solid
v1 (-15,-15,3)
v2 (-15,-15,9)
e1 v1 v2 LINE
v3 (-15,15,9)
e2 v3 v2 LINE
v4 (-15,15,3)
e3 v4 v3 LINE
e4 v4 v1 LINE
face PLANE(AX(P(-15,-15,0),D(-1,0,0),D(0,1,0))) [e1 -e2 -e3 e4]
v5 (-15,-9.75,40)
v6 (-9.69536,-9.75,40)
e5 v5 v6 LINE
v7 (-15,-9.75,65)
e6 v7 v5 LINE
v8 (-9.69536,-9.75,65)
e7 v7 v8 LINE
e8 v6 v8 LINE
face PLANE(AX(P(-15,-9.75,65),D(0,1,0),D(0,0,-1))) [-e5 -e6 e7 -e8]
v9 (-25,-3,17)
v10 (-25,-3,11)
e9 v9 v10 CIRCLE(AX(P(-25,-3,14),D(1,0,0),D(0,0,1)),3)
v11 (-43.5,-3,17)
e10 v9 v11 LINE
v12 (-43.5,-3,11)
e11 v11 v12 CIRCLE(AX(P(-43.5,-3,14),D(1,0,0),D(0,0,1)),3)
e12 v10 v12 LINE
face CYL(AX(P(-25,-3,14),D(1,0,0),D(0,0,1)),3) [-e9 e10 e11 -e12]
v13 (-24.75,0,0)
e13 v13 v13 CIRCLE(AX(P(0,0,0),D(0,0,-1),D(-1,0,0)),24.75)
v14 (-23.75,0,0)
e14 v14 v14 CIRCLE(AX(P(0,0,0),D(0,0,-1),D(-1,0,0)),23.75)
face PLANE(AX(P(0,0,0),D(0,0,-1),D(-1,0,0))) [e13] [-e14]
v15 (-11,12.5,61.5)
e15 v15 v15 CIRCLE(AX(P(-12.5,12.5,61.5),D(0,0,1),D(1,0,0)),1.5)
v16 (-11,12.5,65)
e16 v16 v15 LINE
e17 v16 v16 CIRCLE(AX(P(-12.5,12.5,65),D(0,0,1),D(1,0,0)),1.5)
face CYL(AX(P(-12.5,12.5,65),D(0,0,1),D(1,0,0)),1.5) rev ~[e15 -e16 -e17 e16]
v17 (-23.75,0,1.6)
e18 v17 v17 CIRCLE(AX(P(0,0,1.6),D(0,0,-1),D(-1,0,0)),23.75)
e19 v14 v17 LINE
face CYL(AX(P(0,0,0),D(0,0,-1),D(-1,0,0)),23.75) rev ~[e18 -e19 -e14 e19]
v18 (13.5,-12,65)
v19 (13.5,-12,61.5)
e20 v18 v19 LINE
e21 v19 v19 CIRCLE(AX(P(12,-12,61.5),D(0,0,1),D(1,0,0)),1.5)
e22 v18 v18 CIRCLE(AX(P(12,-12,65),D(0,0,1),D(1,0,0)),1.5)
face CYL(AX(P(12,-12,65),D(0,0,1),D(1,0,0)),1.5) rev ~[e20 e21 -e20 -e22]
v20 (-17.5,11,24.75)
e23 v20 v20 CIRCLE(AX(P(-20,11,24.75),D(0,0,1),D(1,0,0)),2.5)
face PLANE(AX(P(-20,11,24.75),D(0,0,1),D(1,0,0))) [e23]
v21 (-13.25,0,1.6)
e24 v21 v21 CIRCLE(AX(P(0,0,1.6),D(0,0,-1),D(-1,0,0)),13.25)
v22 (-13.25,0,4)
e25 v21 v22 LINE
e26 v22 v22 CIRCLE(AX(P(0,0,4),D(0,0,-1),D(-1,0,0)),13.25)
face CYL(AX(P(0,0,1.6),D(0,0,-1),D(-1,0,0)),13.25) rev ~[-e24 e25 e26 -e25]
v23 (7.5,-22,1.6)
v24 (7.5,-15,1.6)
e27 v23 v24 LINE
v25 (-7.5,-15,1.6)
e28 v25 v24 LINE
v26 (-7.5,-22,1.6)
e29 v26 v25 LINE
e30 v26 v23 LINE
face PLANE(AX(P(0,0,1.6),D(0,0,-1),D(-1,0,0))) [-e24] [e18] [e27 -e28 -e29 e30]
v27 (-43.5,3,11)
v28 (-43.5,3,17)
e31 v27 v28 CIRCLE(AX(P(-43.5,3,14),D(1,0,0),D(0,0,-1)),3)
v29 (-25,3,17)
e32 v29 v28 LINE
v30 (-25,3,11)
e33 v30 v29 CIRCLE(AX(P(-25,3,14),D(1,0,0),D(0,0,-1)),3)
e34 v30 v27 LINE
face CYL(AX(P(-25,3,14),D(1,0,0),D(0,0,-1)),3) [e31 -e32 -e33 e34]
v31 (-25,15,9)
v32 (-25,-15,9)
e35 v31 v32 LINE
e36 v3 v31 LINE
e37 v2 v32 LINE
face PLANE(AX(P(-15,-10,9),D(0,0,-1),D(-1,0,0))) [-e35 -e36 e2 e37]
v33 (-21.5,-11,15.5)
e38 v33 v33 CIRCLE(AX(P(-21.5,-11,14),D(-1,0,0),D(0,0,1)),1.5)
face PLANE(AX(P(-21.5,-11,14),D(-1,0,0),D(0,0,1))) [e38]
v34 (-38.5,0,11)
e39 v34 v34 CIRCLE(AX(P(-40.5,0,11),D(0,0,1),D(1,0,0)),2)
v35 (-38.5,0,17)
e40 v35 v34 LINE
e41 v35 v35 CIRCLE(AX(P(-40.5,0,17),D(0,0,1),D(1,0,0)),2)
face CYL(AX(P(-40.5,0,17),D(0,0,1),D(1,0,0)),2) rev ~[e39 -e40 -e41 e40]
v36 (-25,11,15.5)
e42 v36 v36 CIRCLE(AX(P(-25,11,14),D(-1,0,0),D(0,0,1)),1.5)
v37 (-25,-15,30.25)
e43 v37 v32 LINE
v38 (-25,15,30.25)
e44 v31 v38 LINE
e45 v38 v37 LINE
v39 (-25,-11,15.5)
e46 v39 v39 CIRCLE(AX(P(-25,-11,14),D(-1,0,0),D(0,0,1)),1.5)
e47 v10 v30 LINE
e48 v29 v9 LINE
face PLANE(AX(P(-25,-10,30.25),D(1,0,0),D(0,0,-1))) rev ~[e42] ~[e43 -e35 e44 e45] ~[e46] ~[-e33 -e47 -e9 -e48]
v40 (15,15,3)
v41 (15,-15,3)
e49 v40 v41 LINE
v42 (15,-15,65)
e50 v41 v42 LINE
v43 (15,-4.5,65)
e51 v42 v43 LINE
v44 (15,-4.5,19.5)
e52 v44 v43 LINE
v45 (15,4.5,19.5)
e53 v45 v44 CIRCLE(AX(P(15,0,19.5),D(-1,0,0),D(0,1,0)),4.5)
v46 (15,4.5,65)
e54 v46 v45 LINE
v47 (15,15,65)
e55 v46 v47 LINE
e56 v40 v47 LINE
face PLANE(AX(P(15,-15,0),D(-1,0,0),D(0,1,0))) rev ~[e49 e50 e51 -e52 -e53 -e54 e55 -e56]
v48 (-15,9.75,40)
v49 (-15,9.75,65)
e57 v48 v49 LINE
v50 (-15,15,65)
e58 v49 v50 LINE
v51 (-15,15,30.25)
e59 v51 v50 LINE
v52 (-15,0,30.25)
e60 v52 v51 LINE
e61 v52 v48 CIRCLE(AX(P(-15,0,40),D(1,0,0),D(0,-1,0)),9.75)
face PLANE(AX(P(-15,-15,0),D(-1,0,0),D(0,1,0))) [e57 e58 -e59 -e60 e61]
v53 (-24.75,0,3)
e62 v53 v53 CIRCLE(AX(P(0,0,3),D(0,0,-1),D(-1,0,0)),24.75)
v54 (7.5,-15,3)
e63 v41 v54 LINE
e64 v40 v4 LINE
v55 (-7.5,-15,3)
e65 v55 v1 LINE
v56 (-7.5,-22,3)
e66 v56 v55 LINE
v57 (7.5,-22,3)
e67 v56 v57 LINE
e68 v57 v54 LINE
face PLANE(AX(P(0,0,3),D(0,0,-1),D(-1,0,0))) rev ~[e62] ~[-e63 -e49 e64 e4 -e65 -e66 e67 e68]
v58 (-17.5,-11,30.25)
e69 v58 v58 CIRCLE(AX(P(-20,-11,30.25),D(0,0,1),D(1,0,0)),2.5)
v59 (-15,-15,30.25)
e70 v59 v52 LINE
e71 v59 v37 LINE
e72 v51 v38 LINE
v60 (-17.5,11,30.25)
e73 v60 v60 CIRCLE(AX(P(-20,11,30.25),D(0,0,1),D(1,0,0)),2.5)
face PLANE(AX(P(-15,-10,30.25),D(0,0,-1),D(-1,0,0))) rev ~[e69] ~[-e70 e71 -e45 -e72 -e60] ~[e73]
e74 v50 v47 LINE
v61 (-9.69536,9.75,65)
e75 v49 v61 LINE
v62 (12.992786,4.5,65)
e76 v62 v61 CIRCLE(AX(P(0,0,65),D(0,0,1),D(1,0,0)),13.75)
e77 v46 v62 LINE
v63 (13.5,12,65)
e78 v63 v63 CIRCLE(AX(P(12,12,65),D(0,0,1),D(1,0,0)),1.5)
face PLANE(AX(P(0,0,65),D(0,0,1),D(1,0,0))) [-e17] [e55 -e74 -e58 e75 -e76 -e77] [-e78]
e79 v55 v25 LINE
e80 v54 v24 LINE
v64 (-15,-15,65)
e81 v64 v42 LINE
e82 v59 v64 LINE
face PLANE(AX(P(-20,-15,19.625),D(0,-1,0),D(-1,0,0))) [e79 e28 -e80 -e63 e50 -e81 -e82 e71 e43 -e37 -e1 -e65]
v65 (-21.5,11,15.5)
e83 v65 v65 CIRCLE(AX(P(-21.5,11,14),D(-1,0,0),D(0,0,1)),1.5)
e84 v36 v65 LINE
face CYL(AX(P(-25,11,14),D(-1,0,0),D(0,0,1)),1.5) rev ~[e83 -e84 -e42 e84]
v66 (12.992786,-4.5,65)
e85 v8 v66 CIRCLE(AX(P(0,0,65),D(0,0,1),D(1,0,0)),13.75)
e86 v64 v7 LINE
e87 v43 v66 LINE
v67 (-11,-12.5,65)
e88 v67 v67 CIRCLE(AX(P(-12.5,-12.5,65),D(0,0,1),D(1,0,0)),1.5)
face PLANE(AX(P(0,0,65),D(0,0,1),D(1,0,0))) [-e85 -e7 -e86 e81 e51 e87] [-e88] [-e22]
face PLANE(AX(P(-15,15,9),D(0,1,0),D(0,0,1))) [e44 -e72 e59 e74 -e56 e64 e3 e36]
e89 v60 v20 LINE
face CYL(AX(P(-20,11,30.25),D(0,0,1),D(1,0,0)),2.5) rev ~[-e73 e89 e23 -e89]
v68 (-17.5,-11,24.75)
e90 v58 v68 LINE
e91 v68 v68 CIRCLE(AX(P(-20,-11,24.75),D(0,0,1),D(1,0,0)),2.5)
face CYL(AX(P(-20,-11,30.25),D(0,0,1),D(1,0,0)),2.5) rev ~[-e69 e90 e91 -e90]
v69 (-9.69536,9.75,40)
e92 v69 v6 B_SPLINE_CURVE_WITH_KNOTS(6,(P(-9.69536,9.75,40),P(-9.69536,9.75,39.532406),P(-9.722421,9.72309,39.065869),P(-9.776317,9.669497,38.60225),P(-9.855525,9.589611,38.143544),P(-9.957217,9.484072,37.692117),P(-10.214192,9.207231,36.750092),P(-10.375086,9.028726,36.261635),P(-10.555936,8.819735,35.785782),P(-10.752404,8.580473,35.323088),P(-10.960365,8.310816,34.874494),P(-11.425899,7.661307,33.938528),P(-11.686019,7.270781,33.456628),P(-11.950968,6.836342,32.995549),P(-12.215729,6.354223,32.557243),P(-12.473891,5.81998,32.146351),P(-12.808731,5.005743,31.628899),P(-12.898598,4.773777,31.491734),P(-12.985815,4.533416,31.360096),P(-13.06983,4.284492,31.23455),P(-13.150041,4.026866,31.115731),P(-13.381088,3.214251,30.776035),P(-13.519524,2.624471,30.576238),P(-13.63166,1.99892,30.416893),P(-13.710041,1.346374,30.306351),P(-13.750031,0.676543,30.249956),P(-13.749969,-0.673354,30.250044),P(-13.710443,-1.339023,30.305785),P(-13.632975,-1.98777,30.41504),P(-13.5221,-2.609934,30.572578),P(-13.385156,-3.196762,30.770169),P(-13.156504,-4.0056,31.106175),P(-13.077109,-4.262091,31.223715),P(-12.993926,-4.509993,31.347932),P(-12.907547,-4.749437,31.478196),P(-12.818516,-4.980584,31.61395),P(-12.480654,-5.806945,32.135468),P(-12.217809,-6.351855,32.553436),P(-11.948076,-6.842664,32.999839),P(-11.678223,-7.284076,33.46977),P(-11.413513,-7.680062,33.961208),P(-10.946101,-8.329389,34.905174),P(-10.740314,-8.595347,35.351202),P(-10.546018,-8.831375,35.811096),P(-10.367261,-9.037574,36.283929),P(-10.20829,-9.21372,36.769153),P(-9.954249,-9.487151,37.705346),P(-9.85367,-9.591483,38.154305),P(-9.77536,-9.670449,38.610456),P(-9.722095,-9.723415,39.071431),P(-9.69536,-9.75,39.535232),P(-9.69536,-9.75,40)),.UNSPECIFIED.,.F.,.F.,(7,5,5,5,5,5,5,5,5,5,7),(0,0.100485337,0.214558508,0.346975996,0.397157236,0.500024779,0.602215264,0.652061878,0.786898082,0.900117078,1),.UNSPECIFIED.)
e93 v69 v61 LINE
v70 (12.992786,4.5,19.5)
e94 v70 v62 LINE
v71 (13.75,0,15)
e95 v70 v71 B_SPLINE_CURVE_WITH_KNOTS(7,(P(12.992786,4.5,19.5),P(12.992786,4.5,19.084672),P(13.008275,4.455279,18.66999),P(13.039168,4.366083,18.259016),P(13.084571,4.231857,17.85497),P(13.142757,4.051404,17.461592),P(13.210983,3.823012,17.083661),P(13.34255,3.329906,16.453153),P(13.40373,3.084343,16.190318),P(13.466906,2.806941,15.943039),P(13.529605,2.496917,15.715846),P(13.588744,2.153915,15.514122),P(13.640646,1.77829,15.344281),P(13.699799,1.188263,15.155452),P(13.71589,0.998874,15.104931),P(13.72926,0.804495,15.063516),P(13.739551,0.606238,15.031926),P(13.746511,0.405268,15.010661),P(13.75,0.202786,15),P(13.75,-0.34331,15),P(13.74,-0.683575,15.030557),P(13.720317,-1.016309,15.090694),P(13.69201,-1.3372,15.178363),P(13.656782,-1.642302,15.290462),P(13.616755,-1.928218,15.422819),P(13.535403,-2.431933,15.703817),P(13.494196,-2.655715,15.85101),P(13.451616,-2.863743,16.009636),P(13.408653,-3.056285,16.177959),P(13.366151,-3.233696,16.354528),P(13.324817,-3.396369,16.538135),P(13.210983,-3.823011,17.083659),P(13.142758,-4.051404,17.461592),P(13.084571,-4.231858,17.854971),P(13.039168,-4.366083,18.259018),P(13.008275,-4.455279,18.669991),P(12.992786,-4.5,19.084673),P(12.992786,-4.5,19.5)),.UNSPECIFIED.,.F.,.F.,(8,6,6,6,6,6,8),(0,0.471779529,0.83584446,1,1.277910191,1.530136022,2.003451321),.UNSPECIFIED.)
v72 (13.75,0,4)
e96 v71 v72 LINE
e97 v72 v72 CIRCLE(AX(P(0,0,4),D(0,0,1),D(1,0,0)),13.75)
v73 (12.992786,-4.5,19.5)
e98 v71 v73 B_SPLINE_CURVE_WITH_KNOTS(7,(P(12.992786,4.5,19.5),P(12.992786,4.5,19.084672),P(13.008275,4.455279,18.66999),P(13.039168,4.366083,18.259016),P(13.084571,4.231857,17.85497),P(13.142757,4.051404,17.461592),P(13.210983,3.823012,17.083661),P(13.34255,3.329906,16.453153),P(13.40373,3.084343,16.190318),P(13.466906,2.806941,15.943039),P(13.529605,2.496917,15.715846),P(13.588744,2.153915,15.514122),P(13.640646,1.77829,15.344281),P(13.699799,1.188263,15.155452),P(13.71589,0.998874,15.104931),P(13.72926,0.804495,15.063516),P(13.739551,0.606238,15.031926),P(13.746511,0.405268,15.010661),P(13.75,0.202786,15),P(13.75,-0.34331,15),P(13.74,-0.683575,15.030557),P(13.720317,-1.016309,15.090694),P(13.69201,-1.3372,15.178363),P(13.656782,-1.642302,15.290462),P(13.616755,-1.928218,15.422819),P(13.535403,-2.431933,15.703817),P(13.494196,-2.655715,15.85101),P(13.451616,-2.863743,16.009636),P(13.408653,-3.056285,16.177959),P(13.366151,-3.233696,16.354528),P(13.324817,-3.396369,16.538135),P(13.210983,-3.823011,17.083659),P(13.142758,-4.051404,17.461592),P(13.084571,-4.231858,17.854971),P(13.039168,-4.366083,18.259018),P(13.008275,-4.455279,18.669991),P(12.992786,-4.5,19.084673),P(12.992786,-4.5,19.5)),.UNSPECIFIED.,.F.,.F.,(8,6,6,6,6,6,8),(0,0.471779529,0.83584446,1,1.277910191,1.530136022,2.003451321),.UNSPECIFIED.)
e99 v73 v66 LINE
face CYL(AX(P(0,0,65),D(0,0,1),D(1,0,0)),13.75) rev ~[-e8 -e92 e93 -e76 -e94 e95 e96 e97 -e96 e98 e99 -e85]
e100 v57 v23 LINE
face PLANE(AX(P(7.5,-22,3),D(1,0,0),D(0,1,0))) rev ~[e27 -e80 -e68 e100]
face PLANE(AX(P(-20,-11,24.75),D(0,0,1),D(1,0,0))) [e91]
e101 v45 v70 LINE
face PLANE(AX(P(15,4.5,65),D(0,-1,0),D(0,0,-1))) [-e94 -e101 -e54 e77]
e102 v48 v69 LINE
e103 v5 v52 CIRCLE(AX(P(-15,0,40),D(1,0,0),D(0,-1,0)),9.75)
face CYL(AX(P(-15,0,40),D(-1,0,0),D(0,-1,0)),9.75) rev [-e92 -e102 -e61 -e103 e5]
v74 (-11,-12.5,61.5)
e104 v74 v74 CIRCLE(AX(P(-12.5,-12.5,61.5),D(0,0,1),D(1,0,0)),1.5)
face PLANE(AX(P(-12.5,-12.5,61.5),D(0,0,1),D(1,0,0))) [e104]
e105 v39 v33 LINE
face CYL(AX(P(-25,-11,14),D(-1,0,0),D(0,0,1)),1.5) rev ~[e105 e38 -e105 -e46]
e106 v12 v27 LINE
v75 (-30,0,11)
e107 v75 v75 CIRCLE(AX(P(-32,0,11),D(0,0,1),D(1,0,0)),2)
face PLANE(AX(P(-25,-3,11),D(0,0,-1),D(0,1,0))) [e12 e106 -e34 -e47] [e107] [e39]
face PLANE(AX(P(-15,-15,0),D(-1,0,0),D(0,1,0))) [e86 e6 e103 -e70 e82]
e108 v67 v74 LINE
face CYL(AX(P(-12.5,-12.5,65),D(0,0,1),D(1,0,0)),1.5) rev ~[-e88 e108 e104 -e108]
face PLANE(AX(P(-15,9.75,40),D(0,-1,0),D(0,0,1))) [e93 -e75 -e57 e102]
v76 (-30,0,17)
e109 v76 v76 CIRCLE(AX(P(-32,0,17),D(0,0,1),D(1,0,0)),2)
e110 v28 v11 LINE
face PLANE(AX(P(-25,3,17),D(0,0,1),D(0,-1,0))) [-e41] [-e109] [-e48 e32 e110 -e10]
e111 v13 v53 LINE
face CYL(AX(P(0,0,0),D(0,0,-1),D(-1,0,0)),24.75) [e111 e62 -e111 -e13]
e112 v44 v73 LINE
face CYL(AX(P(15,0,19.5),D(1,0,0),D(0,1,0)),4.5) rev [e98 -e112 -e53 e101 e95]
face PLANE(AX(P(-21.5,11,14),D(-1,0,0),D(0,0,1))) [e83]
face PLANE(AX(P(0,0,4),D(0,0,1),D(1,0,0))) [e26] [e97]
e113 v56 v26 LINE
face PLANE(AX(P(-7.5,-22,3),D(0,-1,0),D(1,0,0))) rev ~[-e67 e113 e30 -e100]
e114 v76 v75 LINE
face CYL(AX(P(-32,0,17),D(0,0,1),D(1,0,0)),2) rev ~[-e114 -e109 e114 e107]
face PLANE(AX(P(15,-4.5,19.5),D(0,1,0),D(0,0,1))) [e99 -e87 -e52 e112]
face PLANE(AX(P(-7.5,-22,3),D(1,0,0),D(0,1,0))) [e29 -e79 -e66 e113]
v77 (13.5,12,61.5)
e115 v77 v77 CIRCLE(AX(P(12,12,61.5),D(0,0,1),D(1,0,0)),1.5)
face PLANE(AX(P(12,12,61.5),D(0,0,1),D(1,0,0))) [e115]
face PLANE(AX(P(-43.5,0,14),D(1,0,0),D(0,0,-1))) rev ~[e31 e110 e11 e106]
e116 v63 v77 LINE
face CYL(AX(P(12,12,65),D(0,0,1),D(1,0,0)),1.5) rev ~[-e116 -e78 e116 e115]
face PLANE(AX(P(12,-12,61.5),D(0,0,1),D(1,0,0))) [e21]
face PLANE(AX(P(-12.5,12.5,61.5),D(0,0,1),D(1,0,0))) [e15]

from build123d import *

# Parameters (mm, degrees)
SKETCH1_W                = 30
SKETCH1_H                = 30
BOSS_EXTRUDE1_DEPTH      = 65
SKETCH2_R                = 24.75
BOSS_EXTRUDE2_DEPTH      = 3
SKETCH3_R                = 23.75
CUT_EXTRUDE1_DEPTH       = 1.6
CUT_EXTRUDE4_REACH       = 74.42
SKETCH4_R                = 13.25
SKETCH5_R                = 13.75
CUT_EXTRUDE5_DEPTH       = 61
CUT_EXTRUDE9_REACH       = 82.11
CUT_EXTRUDE9_END_RADIUS  = 13.75
SKETCH8_W                = 10
SKETCH8_H                = 20
BOSS_EXTRUDE3_DEPTH      = 10
BOSS_EXTRUDE4_DEPTH      = 18.5
CUT_EXTRUDE10_REACH      = 71.346
SKETCH10_R               = 2
CUT_EXTRUDE11_REACH      = 82.11
CUT_EXTRUDE11_END_RADIUS = 13.75
CUT_EXTRUDE12_REACH      = 81.679
SKETCH13_W               = 15
SKETCH13_H               = 7
SKETCH14_W               = 11.25
SKETCH14_H               = 20
BOSS_EXTRUDE5_DEPTH      = 10
SKETCH15_W               = 21.25
SKETCH15_H               = 5
BOSS_EXTRUDE6_DEPTH      = 10
SKETCH16_W               = 10
SKETCH16_H               = 21.25
BOSS_EXTRUDE7_DEPTH      = 5
SKETCH18_R               = 2.5
CUT_EXTRUDE13_DEPTH      = 5.5
SKETCH19_R               = 1.5
CUT_EXTRUDE14_DEPTH      = 3.5
SKETCH20_R               = 1.5
CUT_EXTRUDE15_DEPTH      = 3.5


with BuildPart() as part:
    # Sketch1 → Boss-Extrude1 (new body)
    with BuildSketch(Plane.XY):
        Rectangle(SKETCH1_W, SKETCH1_H)
    extrude(amount=BOSS_EXTRUDE1_DEPTH)

    # Sketch2 → Boss-Extrude2 (add)
    with BuildSketch(Plane(origin=(0, 0, 0), x_dir=(-1, 0, 0), z_dir=(0, 0, -1))):
        Circle(SKETCH2_R)
    extrude(amount=-BOSS_EXTRUDE2_DEPTH)

    # Sketch3 → Cut-Extrude1 (cut)
    with BuildSketch(Plane(origin=(0, 0, 0), x_dir=(-1, 0, 0), z_dir=(0, 0, -1))):
        Circle(SKETCH3_R)
    extrude(amount=-CUT_EXTRUDE1_DEPTH, mode=Mode.SUBTRACT)

    # Sketch4 → Cut-Extrude4 (cut, up to next)
    with BuildSketch(Plane(origin=(0, 0, 1.6), x_dir=(-1, 0, 0), z_dir=(0, 0, -1)), mode=Mode.PRIVATE) as cut_extrude4_sk1:
        Circle(SKETCH4_R)
    cut_extrude4_tool1 = extrude(cut_extrude4_sk1.sketch, amount=-CUT_EXTRUDE4_REACH, mode=Mode.PRIVATE) & part.part
    add(cut_extrude4_tool1.solids().sort_by_distance((0, 0, 1.6))[0], mode=Mode.SUBTRACT)

    # Sketch5 → Cut-Extrude5 (cut)
    with BuildSketch(Plane.XY.offset(65)):
        Circle(SKETCH5_R)
    extrude(amount=-CUT_EXTRUDE5_DEPTH, mode=Mode.SUBTRACT)

    # Cut-Extrude9: up to this cylinder (the profile starts outside it)
    cut_extrude9_end = Plane(origin=(0, 0, 42.25), z_dir=(0, 0, 1)) * Cylinder(CUT_EXTRUDE9_END_RADIUS, 192.72, mode=Mode.PRIVATE)
    # Sketch6 → Cut-Extrude9 (cut, up to the surface)
    with BuildSketch(Plane(origin=(15, 0, 0), x_dir=(0, 0, -1), z_dir=(1, 0, 0)), mode=Mode.PRIVATE) as cut_extrude9_sk1:
        with BuildLine():
            Line((-19.5, -4.5), (-65, -4.5))
            ThreePointArc((-65, -4.5), (-69.5, 0), (-65, 4.5))
            Line((-65, 4.5), (-19.5, 4.5))
            ThreePointArc((-19.5, 4.5), (-15, 0), (-19.5, -4.5))
        make_face()
    cut_extrude9_tool1 = extrude(cut_extrude9_sk1.sketch, amount=-CUT_EXTRUDE9_REACH, mode=Mode.PRIVATE) - cut_extrude9_end
    add(cut_extrude9_tool1.solids().sort_by_distance((15, 0, 42.25))[0], mode=Mode.SUBTRACT)

    # Sketch8 → Boss-Extrude3 (add)
    with BuildSketch(Plane.ZY.offset(15)):
        with Locations((14, 0)):
            Rectangle(SKETCH8_W, SKETCH8_H)
    extrude(amount=BOSS_EXTRUDE3_DEPTH)

    # Sketch9 → Boss-Extrude4 (add)
    with BuildSketch(Plane.ZY.offset(25)):
        with BuildLine():
            Line((17, 3), (17, -3))
            ThreePointArc((17, -3), (14, -6), (11, -3))
            Line((11, -3), (11, 3))
            ThreePointArc((11, 3), (14, 6), (17, 3))
        make_face()
    extrude(amount=BOSS_EXTRUDE4_DEPTH)

    # Sketch10 → Cut-Extrude10 (cut, up to next)
    with BuildSketch(Plane.XY.offset(17), mode=Mode.PRIVATE) as cut_extrude10_sk1:
        with Locations((-40.5, 0)):
            Circle(SKETCH10_R)
    cut_extrude10_tool1 = extrude(cut_extrude10_sk1.sketch, amount=-CUT_EXTRUDE10_REACH, mode=Mode.PRIVATE) & part.part
    # Sketch10 → Cut-Extrude10 (cut, up to next)
    with BuildSketch(Plane.XY.offset(17), mode=Mode.PRIVATE) as cut_extrude10_sk2:
        with Locations((-32, 0)):
            Circle(SKETCH10_R)
    cut_extrude10_tool2 = extrude(cut_extrude10_sk2.sketch, amount=-CUT_EXTRUDE10_REACH, mode=Mode.PRIVATE) & part.part
    add(cut_extrude10_tool1.solids().sort_by_distance((-40.5, 0, 17))[0], mode=Mode.SUBTRACT)
    add(cut_extrude10_tool2.solids().sort_by_distance((-32, 0, 17))[0], mode=Mode.SUBTRACT)

    # Cut-Extrude11: up to this cylinder (the profile starts outside it)
    cut_extrude11_end = Plane(origin=(0, 0, 52.5), z_dir=(0, 0, 1)) * Cylinder(CUT_EXTRUDE11_END_RADIUS, 192.72, mode=Mode.PRIVATE)
    # Sketch11 → Cut-Extrude11 (cut, up to the surface)
    with BuildSketch(Plane.ZY.offset(15), mode=Mode.PRIVATE) as cut_extrude11_sk1:
        with BuildLine():
            Line((40, 9.75), (65, 9.75))
            ThreePointArc((65, 9.75), (74.75, 0), (65, -9.75))
            Line((65, -9.75), (40, -9.75))
            ThreePointArc((40, -9.75), (30.25, 0), (40, 9.75))
        make_face()
    cut_extrude11_tool1 = extrude(cut_extrude11_sk1.sketch, amount=-CUT_EXTRUDE11_REACH, mode=Mode.PRIVATE) - cut_extrude11_end
    add(cut_extrude11_tool1.solids().sort_by_distance((-15, 0, 52.5))[0], mode=Mode.SUBTRACT)

    # Sketch13 → Cut-Extrude12 (cut, up to next)
    with BuildSketch(Plane.XY.offset(3), mode=Mode.PRIVATE) as cut_extrude12_sk1:
        with Locations((0, -18.5)):
            Rectangle(SKETCH13_W, SKETCH13_H)
    cut_extrude12_tool1 = extrude(cut_extrude12_sk1.sketch, amount=-CUT_EXTRUDE12_REACH, mode=Mode.PRIVATE) & part.part
    add(cut_extrude12_tool1.solids().sort_by_distance((0, -18.5, 3))[0], mode=Mode.SUBTRACT)

    # Sketch14 → Boss-Extrude5 (add)
    with BuildSketch(Plane.ZY.offset(15)):
        with Locations((24.625, 0)):
            Rectangle(SKETCH14_W, SKETCH14_H)
    extrude(amount=BOSS_EXTRUDE5_DEPTH)

    # Sketch15 → Boss-Extrude6 (add)
    with BuildSketch(Plane.ZY.offset(15)):
        with Locations((19.625, 12.5)):
            Rectangle(SKETCH15_W, SKETCH15_H)
    extrude(amount=BOSS_EXTRUDE6_DEPTH)

    # Sketch16 → Boss-Extrude7 (add)
    with BuildSketch(Plane(origin=(0, -10, 0), x_dir=(-1, 0, 0), z_dir=(0, -1, 0))):
        with Locations((20, -19.625)):
            Rectangle(SKETCH16_W, SKETCH16_H)
    extrude(amount=BOSS_EXTRUDE7_DEPTH)

    # Sketch18 → Cut-Extrude13 (cut)
    with BuildSketch(Plane.XY.offset(30.25)):
        with Locations((-20, -11)):
            Circle(SKETCH18_R)
        with Locations((-20, 11)):
            Circle(SKETCH18_R)
    extrude(amount=-CUT_EXTRUDE13_DEPTH, mode=Mode.SUBTRACT)

    # Sketch19 → Cut-Extrude14 (cut)
    with BuildSketch(Plane.XY.offset(65)):
        with Locations((12, -12)):
            Circle(SKETCH19_R)
        with Locations((12, 12)):
            Circle(SKETCH19_R)
        with Locations((-12.5, -12.5)):
            Circle(SKETCH19_R)
        with Locations((-12.5, 12.5)):
            Circle(SKETCH19_R)
    extrude(amount=-CUT_EXTRUDE14_DEPTH, mode=Mode.SUBTRACT)

    # Sketch20 → Cut-Extrude15 (cut)
    with BuildSketch(Plane.ZY.offset(25)):
        with Locations((14, 11)):
            Circle(SKETCH20_R)
        with Locations((14, -11)):
            Circle(SKETCH20_R)
    extrude(amount=-CUT_EXTRUDE15_DEPTH, mode=Mode.SUBTRACT)


solid = part.part
